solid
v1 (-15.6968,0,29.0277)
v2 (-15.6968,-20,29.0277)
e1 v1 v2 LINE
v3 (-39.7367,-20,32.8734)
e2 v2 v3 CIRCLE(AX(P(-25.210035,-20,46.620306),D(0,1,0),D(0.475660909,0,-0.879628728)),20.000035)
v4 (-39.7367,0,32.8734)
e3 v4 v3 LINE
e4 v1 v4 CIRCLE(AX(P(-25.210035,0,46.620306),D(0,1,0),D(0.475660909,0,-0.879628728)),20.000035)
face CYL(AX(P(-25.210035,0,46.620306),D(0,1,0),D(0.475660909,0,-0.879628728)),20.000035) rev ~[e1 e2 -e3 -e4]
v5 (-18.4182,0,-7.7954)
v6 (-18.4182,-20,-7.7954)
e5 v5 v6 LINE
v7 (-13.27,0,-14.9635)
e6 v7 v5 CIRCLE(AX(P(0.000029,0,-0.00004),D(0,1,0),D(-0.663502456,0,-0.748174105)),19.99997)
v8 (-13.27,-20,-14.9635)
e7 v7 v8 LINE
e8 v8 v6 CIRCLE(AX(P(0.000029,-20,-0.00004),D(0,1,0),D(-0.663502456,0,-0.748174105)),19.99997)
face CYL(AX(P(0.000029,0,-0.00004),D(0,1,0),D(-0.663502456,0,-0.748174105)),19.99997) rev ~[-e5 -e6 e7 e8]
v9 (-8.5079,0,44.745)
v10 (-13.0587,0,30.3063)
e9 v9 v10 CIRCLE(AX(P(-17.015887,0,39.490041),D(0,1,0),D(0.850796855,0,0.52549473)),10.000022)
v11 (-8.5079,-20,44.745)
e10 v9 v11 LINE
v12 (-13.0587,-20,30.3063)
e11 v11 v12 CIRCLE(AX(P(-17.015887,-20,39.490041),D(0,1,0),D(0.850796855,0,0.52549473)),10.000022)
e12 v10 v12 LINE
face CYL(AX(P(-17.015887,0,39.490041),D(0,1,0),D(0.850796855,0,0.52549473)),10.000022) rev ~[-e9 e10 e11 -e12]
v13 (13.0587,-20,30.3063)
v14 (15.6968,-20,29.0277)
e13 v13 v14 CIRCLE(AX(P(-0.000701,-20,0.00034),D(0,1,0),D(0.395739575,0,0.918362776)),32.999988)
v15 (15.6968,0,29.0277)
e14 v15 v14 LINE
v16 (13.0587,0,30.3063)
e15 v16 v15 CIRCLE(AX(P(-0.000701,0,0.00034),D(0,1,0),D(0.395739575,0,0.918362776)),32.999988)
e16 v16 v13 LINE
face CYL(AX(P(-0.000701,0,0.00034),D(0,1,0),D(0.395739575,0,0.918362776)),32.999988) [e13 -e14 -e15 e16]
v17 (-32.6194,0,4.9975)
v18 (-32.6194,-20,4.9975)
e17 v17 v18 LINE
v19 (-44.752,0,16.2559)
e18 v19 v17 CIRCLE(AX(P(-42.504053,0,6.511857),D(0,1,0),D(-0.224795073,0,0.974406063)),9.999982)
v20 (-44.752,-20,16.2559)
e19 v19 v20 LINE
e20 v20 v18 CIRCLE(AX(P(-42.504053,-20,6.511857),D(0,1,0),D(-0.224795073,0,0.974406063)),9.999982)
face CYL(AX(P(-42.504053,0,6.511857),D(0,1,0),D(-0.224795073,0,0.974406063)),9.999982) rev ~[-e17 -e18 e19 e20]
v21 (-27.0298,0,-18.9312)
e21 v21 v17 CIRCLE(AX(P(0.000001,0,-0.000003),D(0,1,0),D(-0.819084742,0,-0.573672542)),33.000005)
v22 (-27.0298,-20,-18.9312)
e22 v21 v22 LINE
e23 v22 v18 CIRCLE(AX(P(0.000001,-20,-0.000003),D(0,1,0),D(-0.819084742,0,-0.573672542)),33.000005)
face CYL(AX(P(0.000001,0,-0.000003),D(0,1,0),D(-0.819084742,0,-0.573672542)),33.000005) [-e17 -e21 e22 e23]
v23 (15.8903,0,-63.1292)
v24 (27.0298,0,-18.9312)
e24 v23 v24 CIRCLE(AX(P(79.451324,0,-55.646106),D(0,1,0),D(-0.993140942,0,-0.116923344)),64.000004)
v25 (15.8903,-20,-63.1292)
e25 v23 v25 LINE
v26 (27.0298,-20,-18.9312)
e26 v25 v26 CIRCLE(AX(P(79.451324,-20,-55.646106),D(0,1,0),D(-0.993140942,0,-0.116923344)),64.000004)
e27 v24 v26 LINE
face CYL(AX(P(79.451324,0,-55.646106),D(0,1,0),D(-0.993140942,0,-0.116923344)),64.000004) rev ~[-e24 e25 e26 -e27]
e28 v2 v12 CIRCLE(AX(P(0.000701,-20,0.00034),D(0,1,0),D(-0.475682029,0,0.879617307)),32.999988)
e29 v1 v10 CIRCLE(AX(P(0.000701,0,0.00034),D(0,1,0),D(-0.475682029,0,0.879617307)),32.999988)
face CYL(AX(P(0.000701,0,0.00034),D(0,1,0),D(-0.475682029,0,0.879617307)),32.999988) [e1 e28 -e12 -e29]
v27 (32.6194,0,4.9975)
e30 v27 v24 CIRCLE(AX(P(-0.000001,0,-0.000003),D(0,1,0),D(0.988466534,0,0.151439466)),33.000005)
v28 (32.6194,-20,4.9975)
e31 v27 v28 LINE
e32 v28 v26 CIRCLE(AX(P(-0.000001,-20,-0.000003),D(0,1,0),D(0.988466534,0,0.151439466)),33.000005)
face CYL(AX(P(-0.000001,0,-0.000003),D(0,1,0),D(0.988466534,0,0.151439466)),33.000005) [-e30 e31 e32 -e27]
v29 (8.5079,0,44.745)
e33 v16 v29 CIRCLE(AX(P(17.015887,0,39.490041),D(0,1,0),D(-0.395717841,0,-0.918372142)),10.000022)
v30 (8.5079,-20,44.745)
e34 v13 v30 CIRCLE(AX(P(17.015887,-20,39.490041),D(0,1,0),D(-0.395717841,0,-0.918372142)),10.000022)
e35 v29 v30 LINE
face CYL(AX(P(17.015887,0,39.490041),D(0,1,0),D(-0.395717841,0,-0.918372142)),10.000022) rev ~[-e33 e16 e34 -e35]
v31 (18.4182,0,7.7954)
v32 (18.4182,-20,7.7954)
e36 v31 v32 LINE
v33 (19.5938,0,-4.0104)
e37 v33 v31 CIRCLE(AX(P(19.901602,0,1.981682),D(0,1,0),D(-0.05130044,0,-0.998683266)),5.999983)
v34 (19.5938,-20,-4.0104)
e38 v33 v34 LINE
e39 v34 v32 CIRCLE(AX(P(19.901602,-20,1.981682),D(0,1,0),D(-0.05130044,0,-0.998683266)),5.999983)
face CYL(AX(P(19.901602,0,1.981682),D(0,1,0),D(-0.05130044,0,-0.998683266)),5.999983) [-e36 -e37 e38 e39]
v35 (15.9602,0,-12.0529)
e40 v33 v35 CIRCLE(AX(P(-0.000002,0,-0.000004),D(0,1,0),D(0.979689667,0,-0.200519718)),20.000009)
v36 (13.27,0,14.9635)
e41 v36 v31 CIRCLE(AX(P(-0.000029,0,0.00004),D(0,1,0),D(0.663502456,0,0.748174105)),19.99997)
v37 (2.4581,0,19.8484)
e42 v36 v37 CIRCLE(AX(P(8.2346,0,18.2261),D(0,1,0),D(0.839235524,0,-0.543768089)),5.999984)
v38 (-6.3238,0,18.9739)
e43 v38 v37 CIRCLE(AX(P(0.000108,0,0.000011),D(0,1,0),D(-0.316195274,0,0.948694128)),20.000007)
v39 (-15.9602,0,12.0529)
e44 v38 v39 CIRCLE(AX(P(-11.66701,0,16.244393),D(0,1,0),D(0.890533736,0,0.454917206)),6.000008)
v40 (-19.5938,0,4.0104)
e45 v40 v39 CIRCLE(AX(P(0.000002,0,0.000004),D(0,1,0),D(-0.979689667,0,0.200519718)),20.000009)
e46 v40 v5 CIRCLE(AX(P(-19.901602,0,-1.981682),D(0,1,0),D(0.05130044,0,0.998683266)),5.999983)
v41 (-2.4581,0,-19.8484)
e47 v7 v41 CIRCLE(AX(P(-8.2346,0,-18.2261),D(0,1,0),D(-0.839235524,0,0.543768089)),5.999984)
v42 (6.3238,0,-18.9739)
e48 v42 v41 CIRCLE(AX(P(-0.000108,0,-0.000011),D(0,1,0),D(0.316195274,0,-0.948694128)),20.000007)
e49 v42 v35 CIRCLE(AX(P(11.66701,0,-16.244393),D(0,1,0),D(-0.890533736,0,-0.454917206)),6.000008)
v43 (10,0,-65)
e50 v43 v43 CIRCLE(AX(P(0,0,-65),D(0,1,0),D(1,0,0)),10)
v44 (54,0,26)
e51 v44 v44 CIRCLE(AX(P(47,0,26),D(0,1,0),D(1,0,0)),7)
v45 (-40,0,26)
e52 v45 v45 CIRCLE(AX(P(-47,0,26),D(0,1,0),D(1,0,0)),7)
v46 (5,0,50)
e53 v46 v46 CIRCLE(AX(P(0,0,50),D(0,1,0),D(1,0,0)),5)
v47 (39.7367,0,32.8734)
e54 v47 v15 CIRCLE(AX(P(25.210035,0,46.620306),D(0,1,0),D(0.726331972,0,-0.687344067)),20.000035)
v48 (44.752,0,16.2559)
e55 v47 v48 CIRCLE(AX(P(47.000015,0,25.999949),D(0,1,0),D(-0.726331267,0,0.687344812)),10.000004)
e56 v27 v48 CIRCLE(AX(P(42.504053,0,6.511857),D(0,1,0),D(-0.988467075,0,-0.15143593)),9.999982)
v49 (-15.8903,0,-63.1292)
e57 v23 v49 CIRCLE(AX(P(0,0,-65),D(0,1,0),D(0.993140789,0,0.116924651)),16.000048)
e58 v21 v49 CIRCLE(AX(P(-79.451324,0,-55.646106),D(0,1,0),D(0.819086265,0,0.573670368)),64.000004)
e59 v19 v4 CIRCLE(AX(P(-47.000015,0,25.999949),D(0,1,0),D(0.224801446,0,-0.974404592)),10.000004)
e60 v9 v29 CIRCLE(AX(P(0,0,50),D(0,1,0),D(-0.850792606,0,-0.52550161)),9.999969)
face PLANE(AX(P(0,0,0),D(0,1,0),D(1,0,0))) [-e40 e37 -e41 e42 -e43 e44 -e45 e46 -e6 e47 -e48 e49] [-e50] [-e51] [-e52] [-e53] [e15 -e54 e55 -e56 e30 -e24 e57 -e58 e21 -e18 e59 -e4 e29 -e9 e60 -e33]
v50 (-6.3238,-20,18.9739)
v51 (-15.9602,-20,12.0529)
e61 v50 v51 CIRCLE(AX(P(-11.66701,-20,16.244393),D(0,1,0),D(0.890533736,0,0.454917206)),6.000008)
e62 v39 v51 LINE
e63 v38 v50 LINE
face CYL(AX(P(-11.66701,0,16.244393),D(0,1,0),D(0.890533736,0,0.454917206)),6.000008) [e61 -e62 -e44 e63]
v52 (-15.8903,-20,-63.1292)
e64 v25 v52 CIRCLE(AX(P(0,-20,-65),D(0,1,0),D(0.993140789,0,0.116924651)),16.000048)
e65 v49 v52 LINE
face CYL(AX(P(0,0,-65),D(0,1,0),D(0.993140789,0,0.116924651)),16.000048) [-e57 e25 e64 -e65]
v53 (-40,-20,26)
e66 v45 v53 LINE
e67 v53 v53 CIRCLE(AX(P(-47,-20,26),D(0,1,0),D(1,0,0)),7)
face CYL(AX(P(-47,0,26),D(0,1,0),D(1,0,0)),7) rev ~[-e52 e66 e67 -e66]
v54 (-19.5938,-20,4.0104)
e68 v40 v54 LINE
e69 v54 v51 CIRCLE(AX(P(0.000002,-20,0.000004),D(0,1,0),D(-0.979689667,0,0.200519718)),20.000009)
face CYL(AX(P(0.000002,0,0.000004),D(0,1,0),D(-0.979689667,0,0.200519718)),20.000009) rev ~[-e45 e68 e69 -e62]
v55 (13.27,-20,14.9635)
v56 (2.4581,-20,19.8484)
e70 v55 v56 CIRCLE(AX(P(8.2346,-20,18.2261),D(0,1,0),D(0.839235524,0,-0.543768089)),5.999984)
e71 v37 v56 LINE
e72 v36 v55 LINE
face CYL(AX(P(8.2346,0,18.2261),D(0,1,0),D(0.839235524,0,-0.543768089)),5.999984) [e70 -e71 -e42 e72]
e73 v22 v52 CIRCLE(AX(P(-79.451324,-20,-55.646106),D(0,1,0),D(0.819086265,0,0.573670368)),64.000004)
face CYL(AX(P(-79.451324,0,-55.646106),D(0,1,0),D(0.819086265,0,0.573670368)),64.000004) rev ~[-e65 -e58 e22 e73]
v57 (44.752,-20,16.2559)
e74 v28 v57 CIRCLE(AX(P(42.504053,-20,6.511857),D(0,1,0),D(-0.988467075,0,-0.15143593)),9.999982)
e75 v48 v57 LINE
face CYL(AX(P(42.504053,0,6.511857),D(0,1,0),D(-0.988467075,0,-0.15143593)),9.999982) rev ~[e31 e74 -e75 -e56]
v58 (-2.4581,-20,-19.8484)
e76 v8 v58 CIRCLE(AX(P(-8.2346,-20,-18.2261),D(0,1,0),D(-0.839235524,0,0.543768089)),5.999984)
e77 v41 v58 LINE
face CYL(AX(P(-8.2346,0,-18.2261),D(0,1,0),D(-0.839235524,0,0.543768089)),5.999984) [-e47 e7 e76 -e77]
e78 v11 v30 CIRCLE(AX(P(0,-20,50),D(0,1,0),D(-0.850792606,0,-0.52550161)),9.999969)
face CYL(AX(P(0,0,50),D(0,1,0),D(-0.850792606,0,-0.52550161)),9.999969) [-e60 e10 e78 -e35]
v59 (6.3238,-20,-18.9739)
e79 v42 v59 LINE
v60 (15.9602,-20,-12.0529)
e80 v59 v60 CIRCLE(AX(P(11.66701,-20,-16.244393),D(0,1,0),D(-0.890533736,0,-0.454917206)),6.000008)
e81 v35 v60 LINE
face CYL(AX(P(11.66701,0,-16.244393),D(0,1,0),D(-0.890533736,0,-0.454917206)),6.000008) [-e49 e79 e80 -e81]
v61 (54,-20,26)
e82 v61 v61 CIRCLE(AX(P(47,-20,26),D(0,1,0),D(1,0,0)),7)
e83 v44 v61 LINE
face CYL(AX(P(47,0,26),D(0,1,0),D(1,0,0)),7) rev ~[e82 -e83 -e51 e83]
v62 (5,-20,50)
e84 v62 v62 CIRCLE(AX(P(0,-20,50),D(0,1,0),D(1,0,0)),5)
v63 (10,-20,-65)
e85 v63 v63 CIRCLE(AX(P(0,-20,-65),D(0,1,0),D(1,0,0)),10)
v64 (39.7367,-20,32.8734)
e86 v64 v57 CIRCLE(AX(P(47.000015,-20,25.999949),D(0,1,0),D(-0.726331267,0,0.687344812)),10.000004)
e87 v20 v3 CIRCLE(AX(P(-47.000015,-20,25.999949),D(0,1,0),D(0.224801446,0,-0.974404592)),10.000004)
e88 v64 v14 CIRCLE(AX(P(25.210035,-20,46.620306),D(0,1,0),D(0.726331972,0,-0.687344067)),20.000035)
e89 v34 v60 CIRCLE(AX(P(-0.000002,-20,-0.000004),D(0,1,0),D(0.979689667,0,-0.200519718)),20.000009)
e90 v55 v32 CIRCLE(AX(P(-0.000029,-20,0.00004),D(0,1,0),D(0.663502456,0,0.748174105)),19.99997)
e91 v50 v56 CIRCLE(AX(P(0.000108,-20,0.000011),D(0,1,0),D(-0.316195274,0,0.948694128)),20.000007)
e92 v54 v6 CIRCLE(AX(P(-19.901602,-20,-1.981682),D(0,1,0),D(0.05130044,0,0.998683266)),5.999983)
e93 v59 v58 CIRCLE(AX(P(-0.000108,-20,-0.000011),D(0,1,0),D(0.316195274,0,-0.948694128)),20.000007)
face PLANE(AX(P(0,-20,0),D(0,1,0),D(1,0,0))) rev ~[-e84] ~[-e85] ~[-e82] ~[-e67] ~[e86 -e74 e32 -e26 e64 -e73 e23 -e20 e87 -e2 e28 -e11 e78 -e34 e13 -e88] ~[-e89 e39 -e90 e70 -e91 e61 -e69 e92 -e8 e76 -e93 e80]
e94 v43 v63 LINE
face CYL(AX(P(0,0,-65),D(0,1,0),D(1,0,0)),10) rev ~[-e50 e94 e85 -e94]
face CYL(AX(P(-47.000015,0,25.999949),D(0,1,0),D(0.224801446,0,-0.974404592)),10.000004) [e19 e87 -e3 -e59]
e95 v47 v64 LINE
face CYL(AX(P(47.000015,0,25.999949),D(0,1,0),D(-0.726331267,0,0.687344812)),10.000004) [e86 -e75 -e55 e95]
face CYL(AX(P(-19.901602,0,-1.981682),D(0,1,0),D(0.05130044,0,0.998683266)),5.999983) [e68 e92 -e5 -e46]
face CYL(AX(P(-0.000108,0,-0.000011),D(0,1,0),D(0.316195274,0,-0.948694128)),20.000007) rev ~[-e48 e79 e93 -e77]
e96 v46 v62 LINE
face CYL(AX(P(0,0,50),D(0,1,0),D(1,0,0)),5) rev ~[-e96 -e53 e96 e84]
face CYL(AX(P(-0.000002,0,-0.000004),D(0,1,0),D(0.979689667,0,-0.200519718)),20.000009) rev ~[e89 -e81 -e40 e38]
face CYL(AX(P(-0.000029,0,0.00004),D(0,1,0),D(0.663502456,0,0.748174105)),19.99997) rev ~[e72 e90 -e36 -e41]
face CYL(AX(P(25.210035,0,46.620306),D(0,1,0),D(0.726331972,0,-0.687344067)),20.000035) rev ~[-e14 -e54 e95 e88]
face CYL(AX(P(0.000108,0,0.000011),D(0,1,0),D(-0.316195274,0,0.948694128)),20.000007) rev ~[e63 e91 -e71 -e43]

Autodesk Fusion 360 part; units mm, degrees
sketch "Sketch1" plane through (0, 0, 0) normal (0, 1, 0) x (1, 0, 0)
  circle A0 centre (0, 65) radius 10
  circle A1 centre (0, -50) radius 5
  circle A2 centre (-47, -26) radius 7
  arc A3 (-27.0298, 18.9312) -> (-15.8903, 63.1292) centre (-79.4513, 55.6462) ccw
  arc A4 (-44.752, -16.2559) -> (-32.6194, -4.9975) centre (-42.5041, -6.5119) ccw
  arc A5 (-15.6968, -29.0277) -> (-39.7367, -32.8734) centre (-25.21, -46.6203) ccw
  arc A6 (-8.5079, -44.745) -> (-13.0587, -30.3063) centre (-17.0159, -39.49) ccw
  arc A7 (-15.6968, -29.0277) -> (-13.0587, -30.3063) centre (0, 0) ccw
  arc A8 (-27.0298, 18.9312) -> (-32.6194, -4.9975) centre (0, 0) ccw
  arc A9 (15.8903, 63.1292) -> (-15.8903, 63.1292) centre (0, 65) ccw
  arc A10 (-44.752, -16.2559) -> (-39.7367, -32.8734) centre (-47, -26) ccw
  arc A11 (-8.5079, -44.745) -> (8.5079, -44.745) centre (0, -50) ccw
  arc A12 (15.8903, 63.1292) -> (27.0298, 18.9312) centre (79.4513, 55.6462) ccw
  arc A13 (32.6194, -4.9975) -> (27.0298, 18.9312) centre (0, 0) ccw
  arc A14 (32.6194, -4.9975) -> (44.752, -16.2559) centre (42.5041, -6.5119) ccw
  arc A15 (39.7367, -32.8734) -> (44.752, -16.2559) centre (47, -26) ccw
  circle A16 centre (47, -26) radius 7
  arc A17 (39.7367, -32.8734) -> (15.6968, -29.0277) centre (25.21, -46.6203) ccw
  arc A18 (13.0587, -30.3063) -> (15.6968, -29.0277) centre (0, 0) ccw
  arc A19 (13.0587, -30.3063) -> (8.5079, -44.745) centre (17.0159, -39.49) ccw
  arc A20 (-13.27, 14.9635) -> (-2.4581, 19.8484) centre (-8.2346, 18.2261) ccw
  arc A21 (-19.5938, -4.0104) -> (-18.4182, 7.7954) centre (-19.9016, 1.9817) ccw
  arc A22 (-6.3238, -18.9739) -> (-15.9602, -12.0529) centre (-11.667, -16.2444) ccw
  arc A23 (13.27, -14.9635) -> (2.4581, -19.8484) centre (8.2346, -18.2261) ccw
  arc A24 (19.5938, 4.0104) -> (18.4182, -7.7954) centre (19.9016, -1.9817) ccw
  arc A25 (6.3238, 18.9739) -> (15.9602, 12.0529) centre (11.667, 16.2444) ccw
  arc A26 (6.3238, 18.9739) -> (-2.4581, 19.8484) centre (0, 0) ccw
  arc A27 (19.5938, 4.0104) -> (15.9602, 12.0529) centre (0, 0) ccw
  arc A28 (13.27, -14.9635) -> (18.4182, -7.7954) centre (0, 0) ccw
  arc A29 (-6.3238, -18.9739) -> (2.4581, -19.8484) centre (0, 0) ccw
  arc A30 (-13.27, 14.9635) -> (-18.4182, 7.7954) centre (0, 0) ccw
  arc A31 (-19.5938, -4.0104) -> (-15.9602, -12.0529) centre (0, 0) ccw
  dimension "d1" = 66
  dimension "d2" = 40
  dimension "d3" = 32
  dimension "d4" = 20
  dimension "d5" = 65
  dimension "d6" = 20
  dimension "d7" = 10
  dimension "d8" = 14
  dimension "d9" = 20
  dimension "d10" = 26
  dimension "d11" = 24
  dimension "d12" = 47
  dimension "d13" = 128
  dimension "d14" = 20
  dimension "d15" = 40
  dimension "d16" = 20
  dimension "d17" = 12
  dimension "d19" = 360
extrude "Extrude1" add sketch "Sketch1" against normal blind 20
